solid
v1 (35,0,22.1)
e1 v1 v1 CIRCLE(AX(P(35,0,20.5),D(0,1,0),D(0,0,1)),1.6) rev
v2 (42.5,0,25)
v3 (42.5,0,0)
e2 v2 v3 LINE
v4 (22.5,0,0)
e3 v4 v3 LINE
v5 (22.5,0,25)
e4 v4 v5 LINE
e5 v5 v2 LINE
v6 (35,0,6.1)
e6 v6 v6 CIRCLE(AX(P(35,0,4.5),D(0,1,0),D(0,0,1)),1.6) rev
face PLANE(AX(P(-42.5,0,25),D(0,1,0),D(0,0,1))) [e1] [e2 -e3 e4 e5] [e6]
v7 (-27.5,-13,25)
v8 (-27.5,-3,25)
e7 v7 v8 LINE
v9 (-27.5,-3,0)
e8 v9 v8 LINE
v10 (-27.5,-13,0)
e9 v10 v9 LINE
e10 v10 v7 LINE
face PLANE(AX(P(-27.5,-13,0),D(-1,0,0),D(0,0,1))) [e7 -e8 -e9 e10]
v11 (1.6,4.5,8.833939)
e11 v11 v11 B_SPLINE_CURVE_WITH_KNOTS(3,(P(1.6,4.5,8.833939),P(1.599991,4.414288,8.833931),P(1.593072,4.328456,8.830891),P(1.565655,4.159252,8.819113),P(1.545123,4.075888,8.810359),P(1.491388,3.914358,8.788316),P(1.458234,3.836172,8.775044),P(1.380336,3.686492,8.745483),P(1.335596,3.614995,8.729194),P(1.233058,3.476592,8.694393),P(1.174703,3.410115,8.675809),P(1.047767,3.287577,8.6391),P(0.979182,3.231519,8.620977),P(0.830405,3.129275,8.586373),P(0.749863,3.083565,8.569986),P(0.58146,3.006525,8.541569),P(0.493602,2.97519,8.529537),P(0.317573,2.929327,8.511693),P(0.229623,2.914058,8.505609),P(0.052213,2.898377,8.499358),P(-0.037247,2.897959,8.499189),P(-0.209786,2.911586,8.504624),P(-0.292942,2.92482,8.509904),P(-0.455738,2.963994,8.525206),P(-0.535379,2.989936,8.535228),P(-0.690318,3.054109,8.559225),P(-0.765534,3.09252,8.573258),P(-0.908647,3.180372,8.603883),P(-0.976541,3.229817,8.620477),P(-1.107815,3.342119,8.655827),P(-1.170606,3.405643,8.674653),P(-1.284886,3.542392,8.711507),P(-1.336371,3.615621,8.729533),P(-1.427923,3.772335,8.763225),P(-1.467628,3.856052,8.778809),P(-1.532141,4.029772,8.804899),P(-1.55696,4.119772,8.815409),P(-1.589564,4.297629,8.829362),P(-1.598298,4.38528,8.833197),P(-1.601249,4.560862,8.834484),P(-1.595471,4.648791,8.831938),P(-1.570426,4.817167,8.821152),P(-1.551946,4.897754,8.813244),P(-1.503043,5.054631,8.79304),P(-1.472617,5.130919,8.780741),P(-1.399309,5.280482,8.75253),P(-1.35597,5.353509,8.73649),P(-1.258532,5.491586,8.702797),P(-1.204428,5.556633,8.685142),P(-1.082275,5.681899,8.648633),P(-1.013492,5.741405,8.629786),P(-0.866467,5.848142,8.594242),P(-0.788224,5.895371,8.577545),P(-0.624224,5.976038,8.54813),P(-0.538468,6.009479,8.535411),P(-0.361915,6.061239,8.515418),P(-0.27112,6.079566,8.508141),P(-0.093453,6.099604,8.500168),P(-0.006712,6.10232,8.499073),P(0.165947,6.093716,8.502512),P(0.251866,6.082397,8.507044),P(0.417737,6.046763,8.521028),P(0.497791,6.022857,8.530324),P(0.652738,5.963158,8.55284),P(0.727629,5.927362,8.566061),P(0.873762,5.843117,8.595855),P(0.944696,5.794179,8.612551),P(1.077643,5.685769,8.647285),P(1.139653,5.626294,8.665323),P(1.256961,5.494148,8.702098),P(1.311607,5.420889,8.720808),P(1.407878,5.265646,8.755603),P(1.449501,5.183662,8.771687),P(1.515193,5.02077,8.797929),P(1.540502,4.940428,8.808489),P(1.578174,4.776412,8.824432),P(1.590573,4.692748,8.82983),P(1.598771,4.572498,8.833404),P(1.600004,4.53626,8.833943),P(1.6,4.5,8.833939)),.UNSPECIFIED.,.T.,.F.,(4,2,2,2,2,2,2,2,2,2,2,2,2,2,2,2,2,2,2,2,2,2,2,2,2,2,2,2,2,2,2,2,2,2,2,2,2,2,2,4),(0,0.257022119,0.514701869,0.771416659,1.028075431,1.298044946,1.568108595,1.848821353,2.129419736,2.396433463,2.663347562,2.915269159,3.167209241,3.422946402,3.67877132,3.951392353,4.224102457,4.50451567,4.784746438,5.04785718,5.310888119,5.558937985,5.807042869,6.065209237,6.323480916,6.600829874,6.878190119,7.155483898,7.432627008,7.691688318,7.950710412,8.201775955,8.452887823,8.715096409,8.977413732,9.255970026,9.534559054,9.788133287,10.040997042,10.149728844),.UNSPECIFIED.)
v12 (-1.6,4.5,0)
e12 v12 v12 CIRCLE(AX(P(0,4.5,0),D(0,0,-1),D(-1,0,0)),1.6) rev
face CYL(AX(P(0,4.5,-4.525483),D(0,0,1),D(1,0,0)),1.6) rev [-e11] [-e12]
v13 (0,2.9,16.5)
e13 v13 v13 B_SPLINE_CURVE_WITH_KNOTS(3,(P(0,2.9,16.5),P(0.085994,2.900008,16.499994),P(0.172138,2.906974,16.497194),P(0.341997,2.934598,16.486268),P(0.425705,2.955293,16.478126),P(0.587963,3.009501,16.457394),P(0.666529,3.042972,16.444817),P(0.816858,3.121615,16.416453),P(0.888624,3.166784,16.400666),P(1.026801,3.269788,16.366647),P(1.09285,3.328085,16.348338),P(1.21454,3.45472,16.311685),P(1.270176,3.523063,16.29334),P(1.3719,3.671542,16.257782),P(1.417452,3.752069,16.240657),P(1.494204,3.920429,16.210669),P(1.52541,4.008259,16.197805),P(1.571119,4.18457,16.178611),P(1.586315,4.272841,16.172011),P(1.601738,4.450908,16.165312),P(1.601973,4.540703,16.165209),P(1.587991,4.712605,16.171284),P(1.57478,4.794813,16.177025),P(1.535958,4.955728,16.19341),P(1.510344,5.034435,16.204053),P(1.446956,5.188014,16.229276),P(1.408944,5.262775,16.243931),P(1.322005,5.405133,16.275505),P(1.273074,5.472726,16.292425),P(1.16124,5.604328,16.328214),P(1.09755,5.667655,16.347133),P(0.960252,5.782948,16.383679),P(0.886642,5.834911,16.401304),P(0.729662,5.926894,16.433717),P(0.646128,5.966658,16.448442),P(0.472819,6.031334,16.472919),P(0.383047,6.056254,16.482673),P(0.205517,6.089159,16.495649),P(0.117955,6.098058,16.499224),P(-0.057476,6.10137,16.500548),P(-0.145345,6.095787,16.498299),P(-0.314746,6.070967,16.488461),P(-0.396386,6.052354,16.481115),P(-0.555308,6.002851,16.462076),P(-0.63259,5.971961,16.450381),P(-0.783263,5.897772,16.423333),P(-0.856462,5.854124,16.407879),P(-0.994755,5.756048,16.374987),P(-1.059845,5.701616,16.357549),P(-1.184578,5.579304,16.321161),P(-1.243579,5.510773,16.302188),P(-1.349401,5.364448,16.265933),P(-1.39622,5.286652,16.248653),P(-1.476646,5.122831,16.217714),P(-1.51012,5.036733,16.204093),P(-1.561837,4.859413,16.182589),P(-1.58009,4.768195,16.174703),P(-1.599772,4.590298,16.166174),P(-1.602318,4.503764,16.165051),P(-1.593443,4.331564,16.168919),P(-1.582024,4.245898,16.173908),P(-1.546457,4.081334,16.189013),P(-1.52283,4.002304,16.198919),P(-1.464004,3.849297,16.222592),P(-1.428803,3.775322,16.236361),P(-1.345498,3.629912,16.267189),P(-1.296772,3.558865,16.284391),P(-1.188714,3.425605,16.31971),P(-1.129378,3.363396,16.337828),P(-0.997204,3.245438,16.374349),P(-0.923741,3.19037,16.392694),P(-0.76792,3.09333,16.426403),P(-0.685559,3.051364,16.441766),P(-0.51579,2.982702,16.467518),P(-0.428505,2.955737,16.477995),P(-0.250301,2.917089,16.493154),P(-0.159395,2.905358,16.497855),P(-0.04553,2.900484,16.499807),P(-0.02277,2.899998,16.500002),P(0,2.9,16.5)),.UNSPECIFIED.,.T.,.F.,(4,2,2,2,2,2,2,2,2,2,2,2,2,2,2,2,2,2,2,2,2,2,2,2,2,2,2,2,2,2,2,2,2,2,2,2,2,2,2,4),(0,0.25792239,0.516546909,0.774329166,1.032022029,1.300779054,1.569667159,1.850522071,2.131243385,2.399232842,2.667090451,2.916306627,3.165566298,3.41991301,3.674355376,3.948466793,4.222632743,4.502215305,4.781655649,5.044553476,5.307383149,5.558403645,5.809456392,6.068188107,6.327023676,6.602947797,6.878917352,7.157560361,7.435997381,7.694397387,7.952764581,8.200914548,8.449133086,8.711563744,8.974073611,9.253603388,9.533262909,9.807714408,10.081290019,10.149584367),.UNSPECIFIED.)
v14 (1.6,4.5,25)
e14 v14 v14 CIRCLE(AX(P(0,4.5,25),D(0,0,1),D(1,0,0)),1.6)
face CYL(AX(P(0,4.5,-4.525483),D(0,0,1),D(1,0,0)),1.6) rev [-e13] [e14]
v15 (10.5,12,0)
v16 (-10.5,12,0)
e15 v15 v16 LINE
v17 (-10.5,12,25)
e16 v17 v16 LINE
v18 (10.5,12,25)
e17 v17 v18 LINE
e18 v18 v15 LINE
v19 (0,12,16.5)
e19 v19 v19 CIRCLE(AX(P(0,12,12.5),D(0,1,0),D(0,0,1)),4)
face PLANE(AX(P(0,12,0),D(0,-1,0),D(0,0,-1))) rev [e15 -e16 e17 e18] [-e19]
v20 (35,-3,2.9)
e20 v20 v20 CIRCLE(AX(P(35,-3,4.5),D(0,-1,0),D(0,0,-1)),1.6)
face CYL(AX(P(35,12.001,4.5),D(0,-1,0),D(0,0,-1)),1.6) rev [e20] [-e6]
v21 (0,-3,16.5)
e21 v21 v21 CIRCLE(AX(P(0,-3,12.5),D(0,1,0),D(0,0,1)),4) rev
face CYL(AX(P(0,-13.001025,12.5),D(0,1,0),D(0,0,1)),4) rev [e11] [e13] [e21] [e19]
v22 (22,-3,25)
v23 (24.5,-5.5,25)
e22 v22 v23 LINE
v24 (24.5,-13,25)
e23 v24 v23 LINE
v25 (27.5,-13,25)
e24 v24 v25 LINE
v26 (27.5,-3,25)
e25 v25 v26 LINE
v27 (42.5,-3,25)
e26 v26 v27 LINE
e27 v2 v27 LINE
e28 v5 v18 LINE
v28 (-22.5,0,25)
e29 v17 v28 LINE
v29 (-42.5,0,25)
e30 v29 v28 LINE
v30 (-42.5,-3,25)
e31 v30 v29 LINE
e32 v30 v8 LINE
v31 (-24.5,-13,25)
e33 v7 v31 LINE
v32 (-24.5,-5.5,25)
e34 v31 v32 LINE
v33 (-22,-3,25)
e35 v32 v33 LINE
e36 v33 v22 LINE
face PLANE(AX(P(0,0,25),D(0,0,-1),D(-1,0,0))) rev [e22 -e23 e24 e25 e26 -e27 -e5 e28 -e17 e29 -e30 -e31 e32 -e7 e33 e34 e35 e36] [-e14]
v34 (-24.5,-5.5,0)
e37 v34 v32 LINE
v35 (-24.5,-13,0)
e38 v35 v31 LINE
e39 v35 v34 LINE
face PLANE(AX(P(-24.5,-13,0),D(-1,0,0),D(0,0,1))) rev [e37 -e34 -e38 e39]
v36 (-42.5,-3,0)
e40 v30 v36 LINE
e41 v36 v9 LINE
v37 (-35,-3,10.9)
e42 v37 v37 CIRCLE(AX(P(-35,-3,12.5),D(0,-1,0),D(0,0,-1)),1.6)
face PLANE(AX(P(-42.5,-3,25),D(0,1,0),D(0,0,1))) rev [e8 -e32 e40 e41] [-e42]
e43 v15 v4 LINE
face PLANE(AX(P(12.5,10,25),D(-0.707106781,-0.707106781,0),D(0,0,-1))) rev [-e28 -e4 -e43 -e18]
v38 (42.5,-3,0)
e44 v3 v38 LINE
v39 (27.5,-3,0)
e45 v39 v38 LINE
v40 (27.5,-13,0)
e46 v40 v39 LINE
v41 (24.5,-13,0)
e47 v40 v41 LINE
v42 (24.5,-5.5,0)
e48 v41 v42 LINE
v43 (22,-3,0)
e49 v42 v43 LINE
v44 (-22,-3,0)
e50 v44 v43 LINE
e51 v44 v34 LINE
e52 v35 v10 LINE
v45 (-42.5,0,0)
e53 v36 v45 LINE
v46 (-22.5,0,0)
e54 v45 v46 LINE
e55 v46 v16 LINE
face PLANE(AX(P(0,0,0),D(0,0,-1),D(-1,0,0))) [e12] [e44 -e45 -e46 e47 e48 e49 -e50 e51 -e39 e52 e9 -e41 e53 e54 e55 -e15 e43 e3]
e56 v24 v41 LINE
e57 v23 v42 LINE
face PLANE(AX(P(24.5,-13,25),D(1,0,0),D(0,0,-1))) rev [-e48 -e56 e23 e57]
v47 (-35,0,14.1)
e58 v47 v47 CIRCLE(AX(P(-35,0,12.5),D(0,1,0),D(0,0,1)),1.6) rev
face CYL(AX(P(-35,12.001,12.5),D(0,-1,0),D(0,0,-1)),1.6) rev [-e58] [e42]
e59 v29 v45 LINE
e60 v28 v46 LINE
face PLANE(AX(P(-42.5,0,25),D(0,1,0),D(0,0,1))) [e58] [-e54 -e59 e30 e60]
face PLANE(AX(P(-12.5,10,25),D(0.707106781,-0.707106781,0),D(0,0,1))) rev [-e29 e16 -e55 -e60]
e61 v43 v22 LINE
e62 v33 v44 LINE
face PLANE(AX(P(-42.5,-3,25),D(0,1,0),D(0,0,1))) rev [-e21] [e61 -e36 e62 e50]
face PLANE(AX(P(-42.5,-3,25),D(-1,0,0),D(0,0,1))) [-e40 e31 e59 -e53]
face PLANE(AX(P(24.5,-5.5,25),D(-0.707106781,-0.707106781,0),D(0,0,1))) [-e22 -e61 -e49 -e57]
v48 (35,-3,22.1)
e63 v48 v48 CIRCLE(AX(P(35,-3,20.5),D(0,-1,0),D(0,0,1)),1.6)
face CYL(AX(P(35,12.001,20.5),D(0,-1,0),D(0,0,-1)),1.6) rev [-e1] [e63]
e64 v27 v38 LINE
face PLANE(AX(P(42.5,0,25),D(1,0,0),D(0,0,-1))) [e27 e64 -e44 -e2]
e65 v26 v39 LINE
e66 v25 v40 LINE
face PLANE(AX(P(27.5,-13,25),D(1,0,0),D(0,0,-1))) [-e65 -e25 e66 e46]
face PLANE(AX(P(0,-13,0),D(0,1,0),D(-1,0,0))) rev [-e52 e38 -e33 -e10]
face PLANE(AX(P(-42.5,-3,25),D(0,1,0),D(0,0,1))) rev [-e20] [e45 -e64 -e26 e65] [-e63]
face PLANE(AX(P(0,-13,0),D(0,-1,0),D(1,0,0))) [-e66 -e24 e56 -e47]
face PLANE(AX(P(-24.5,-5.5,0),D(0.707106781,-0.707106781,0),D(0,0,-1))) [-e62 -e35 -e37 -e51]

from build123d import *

# Parameters (mm, degrees)
SKETCH_1_W          = 85
SKETCH_1_H          = 3
EXTRUDE_1_DEPTH     = 25
SKETCH_2_W          = 3
SKETCH_2_H          = 25
EXTRUDE_2_DEPTH     = 10
SKETCH_3_W          = 3
SKETCH_3_H          = 25
EXTRUDE_3_DEPTH     = 10
SKETCH_4_W          = 25
SKETCH_4_H          = 25
EXTRUDE_1_2_DEPTH   = 12
CUT_EXTRUDE_1_REACH = 27
SKETCH_5_R          = 4
CHAMFER_1_SIZE      = 10
CHAMFER_2_SIZE      = 10
CUT_EXTRUDE_3_REACH = 27
CUT_EXTRUDE_4_REACH = 17
SKETCH_8_R          = 1.6
CHAMFER_4_SIZE      = 2.5
CHAMFER_5_SIZE      = 2.5
SKETCH_9_R          = 1.6
CUT_EXTRUDE_5_DEPTH = 25


with BuildPart() as part:
    # 草图1 → Extrude 1 (new body)
    with BuildSketch(Plane.XY):
        with Locations((0, -1.5)):
            Rectangle(SKETCH_1_W, SKETCH_1_H)
    extrude(amount=EXTRUDE_1_DEPTH)

    # 草图2 → 拉伸-薄壁2 (add)
    with BuildSketch(Plane.XZ.offset(3)):
        with Locations((-26, 12.5)):
            Rectangle(SKETCH_2_W, SKETCH_2_H)
    extrude(amount=EXTRUDE_2_DEPTH)

    # 草图3 → 拉伸-薄壁3 (add)
    with BuildSketch(Plane.XZ.offset(3)):
        with Locations((26, 12.5)):
            Rectangle(SKETCH_3_W, SKETCH_3_H)
    extrude(amount=EXTRUDE_3_DEPTH)

    # 草图4 → Extrude 1 2 (add)
    with BuildSketch(Plane(origin=(0, 0, 0), x_dir=(1, 0, 0), z_dir=(0, 1, 0))):
        with Locations((0, -12.5)):
            Rectangle(SKETCH_4_W, SKETCH_4_H)
    extrude(amount=EXTRUDE_1_2_DEPTH)

    # 草图5 → 切除-拉伸1 (cut, up to next)
    with BuildSketch(Plane(origin=(0, 12, 0), x_dir=(1, 0, 0), z_dir=(0, 1, 0)), mode=Mode.PRIVATE) as cut_extrude_1_sk1:
        with Locations((0, -12.5)):
            Circle(SKETCH_5_R)
    cut_extrude_1_tool1 = extrude(cut_extrude_1_sk1.sketch, amount=-CUT_EXTRUDE_1_REACH, mode=Mode.PRIVATE) & part.part
    add(cut_extrude_1_tool1.solids().sort_by_distance((0, 12, 12.5))[0], mode=Mode.SUBTRACT)

    # 倒角1
    chamfer_1_edges = [part.edges().sort_by_distance(p)[0] for p in [
        (12.5, 0, 12.5),
    ]]
    chamfer(chamfer_1_edges, length=CHAMFER_1_SIZE)

    # 倒角2
    chamfer_2_edges = [part.edges().sort_by_distance(p)[0] for p in [
        (-12.5, 0, 12.5),
    ]]
    chamfer(chamfer_2_edges, length=CHAMFER_2_SIZE)

    # 草图7 → 切除-拉伸3 (cut, up to next)
    with BuildSketch(Plane(origin=(0, 0, 0), x_dir=(-1, 0, 0), z_dir=(0, 0, -1)), mode=Mode.PRIVATE) as cut_extrude_3_sk1:
        Polygon((-12.5, 10), (-10.5, 12), (-12.5, 12), align=None)
    cut_extrude_3_tool1 = extrude(cut_extrude_3_sk1.sketch, amount=-CUT_EXTRUDE_3_REACH, mode=Mode.PRIVATE) & part.part
    add(cut_extrude_3_tool1.solids().sort_by_distance((11.833333, 11.333333, 0))[0], mode=Mode.SUBTRACT)
    # 草图7 → 切除-拉伸3 (cut, up to next)
    with BuildSketch(Plane(origin=(0, 0, 0), x_dir=(-1, 0, 0), z_dir=(0, 0, -1)), mode=Mode.PRIVATE) as cut_extrude_3_sk2:
        Polygon((12.5, 10), (10.5, 12), (12.5, 12), align=None)
    cut_extrude_3_tool2 = extrude(cut_extrude_3_sk2.sketch, amount=-CUT_EXTRUDE_3_REACH, mode=Mode.PRIVATE) & part.part
    add(cut_extrude_3_tool2.solids().sort_by_distance((-11.833333, 11.333333, 0))[0], mode=Mode.SUBTRACT)

    # 草图8 → 切除-拉伸4 (cut, up to next)
    with BuildSketch(Plane.XZ.offset(3), mode=Mode.PRIVATE) as cut_extrude_4_sk1:
        with Locations((35, 4.5)):
            Circle(SKETCH_8_R)
    cut_extrude_4_tool1 = extrude(cut_extrude_4_sk1.sketch, amount=-CUT_EXTRUDE_4_REACH, mode=Mode.PRIVATE) & part.part
    add(cut_extrude_4_tool1.solids().sort_by_distance((35, -3, 4.5))[0], mode=Mode.SUBTRACT)
    # 草图8 → 切除-拉伸4 (cut, up to next)
    with BuildSketch(Plane.XZ.offset(3), mode=Mode.PRIVATE) as cut_extrude_4_sk2:
        with Locations((35, 20.5)):
            Circle(SKETCH_8_R)
    cut_extrude_4_tool2 = extrude(cut_extrude_4_sk2.sketch, amount=-CUT_EXTRUDE_4_REACH, mode=Mode.PRIVATE) & part.part
    add(cut_extrude_4_tool2.solids().sort_by_distance((35, -3, 20.5))[0], mode=Mode.SUBTRACT)
    # 草图8 → 切除-拉伸4 (cut, up to next)
    with BuildSketch(Plane.XZ.offset(3), mode=Mode.PRIVATE) as cut_extrude_4_sk3:
        with Locations((-35, 12.5)):
            Circle(SKETCH_8_R)
    cut_extrude_4_tool3 = extrude(cut_extrude_4_sk3.sketch, amount=-CUT_EXTRUDE_4_REACH, mode=Mode.PRIVATE) & part.part
    add(cut_extrude_4_tool3.solids().sort_by_distance((-35, -3, 12.5))[0], mode=Mode.SUBTRACT)

    # 倒角4
    chamfer_4_edges = [part.edges().sort_by_distance(p)[0] for p in [
        (24.5, -3, 12.5),
    ]]
    chamfer(chamfer_4_edges, length=CHAMFER_4_SIZE)

    # 倒角5
    chamfer_5_edges = [part.edges().sort_by_distance(p)[0] for p in [
        (-24.5, -3, 12.5),
    ]]
    chamfer(chamfer_5_edges, length=CHAMFER_5_SIZE)

    # 草图9 → 切除-拉伸5 (cut)
    with BuildSketch(Plane.XY.offset(25)):
        with Locations((0, 4.5)):
            Circle(SKETCH_9_R)
    extrude(amount=-CUT_EXTRUDE_5_DEPTH, mode=Mode.SUBTRACT)


solid = part.part
